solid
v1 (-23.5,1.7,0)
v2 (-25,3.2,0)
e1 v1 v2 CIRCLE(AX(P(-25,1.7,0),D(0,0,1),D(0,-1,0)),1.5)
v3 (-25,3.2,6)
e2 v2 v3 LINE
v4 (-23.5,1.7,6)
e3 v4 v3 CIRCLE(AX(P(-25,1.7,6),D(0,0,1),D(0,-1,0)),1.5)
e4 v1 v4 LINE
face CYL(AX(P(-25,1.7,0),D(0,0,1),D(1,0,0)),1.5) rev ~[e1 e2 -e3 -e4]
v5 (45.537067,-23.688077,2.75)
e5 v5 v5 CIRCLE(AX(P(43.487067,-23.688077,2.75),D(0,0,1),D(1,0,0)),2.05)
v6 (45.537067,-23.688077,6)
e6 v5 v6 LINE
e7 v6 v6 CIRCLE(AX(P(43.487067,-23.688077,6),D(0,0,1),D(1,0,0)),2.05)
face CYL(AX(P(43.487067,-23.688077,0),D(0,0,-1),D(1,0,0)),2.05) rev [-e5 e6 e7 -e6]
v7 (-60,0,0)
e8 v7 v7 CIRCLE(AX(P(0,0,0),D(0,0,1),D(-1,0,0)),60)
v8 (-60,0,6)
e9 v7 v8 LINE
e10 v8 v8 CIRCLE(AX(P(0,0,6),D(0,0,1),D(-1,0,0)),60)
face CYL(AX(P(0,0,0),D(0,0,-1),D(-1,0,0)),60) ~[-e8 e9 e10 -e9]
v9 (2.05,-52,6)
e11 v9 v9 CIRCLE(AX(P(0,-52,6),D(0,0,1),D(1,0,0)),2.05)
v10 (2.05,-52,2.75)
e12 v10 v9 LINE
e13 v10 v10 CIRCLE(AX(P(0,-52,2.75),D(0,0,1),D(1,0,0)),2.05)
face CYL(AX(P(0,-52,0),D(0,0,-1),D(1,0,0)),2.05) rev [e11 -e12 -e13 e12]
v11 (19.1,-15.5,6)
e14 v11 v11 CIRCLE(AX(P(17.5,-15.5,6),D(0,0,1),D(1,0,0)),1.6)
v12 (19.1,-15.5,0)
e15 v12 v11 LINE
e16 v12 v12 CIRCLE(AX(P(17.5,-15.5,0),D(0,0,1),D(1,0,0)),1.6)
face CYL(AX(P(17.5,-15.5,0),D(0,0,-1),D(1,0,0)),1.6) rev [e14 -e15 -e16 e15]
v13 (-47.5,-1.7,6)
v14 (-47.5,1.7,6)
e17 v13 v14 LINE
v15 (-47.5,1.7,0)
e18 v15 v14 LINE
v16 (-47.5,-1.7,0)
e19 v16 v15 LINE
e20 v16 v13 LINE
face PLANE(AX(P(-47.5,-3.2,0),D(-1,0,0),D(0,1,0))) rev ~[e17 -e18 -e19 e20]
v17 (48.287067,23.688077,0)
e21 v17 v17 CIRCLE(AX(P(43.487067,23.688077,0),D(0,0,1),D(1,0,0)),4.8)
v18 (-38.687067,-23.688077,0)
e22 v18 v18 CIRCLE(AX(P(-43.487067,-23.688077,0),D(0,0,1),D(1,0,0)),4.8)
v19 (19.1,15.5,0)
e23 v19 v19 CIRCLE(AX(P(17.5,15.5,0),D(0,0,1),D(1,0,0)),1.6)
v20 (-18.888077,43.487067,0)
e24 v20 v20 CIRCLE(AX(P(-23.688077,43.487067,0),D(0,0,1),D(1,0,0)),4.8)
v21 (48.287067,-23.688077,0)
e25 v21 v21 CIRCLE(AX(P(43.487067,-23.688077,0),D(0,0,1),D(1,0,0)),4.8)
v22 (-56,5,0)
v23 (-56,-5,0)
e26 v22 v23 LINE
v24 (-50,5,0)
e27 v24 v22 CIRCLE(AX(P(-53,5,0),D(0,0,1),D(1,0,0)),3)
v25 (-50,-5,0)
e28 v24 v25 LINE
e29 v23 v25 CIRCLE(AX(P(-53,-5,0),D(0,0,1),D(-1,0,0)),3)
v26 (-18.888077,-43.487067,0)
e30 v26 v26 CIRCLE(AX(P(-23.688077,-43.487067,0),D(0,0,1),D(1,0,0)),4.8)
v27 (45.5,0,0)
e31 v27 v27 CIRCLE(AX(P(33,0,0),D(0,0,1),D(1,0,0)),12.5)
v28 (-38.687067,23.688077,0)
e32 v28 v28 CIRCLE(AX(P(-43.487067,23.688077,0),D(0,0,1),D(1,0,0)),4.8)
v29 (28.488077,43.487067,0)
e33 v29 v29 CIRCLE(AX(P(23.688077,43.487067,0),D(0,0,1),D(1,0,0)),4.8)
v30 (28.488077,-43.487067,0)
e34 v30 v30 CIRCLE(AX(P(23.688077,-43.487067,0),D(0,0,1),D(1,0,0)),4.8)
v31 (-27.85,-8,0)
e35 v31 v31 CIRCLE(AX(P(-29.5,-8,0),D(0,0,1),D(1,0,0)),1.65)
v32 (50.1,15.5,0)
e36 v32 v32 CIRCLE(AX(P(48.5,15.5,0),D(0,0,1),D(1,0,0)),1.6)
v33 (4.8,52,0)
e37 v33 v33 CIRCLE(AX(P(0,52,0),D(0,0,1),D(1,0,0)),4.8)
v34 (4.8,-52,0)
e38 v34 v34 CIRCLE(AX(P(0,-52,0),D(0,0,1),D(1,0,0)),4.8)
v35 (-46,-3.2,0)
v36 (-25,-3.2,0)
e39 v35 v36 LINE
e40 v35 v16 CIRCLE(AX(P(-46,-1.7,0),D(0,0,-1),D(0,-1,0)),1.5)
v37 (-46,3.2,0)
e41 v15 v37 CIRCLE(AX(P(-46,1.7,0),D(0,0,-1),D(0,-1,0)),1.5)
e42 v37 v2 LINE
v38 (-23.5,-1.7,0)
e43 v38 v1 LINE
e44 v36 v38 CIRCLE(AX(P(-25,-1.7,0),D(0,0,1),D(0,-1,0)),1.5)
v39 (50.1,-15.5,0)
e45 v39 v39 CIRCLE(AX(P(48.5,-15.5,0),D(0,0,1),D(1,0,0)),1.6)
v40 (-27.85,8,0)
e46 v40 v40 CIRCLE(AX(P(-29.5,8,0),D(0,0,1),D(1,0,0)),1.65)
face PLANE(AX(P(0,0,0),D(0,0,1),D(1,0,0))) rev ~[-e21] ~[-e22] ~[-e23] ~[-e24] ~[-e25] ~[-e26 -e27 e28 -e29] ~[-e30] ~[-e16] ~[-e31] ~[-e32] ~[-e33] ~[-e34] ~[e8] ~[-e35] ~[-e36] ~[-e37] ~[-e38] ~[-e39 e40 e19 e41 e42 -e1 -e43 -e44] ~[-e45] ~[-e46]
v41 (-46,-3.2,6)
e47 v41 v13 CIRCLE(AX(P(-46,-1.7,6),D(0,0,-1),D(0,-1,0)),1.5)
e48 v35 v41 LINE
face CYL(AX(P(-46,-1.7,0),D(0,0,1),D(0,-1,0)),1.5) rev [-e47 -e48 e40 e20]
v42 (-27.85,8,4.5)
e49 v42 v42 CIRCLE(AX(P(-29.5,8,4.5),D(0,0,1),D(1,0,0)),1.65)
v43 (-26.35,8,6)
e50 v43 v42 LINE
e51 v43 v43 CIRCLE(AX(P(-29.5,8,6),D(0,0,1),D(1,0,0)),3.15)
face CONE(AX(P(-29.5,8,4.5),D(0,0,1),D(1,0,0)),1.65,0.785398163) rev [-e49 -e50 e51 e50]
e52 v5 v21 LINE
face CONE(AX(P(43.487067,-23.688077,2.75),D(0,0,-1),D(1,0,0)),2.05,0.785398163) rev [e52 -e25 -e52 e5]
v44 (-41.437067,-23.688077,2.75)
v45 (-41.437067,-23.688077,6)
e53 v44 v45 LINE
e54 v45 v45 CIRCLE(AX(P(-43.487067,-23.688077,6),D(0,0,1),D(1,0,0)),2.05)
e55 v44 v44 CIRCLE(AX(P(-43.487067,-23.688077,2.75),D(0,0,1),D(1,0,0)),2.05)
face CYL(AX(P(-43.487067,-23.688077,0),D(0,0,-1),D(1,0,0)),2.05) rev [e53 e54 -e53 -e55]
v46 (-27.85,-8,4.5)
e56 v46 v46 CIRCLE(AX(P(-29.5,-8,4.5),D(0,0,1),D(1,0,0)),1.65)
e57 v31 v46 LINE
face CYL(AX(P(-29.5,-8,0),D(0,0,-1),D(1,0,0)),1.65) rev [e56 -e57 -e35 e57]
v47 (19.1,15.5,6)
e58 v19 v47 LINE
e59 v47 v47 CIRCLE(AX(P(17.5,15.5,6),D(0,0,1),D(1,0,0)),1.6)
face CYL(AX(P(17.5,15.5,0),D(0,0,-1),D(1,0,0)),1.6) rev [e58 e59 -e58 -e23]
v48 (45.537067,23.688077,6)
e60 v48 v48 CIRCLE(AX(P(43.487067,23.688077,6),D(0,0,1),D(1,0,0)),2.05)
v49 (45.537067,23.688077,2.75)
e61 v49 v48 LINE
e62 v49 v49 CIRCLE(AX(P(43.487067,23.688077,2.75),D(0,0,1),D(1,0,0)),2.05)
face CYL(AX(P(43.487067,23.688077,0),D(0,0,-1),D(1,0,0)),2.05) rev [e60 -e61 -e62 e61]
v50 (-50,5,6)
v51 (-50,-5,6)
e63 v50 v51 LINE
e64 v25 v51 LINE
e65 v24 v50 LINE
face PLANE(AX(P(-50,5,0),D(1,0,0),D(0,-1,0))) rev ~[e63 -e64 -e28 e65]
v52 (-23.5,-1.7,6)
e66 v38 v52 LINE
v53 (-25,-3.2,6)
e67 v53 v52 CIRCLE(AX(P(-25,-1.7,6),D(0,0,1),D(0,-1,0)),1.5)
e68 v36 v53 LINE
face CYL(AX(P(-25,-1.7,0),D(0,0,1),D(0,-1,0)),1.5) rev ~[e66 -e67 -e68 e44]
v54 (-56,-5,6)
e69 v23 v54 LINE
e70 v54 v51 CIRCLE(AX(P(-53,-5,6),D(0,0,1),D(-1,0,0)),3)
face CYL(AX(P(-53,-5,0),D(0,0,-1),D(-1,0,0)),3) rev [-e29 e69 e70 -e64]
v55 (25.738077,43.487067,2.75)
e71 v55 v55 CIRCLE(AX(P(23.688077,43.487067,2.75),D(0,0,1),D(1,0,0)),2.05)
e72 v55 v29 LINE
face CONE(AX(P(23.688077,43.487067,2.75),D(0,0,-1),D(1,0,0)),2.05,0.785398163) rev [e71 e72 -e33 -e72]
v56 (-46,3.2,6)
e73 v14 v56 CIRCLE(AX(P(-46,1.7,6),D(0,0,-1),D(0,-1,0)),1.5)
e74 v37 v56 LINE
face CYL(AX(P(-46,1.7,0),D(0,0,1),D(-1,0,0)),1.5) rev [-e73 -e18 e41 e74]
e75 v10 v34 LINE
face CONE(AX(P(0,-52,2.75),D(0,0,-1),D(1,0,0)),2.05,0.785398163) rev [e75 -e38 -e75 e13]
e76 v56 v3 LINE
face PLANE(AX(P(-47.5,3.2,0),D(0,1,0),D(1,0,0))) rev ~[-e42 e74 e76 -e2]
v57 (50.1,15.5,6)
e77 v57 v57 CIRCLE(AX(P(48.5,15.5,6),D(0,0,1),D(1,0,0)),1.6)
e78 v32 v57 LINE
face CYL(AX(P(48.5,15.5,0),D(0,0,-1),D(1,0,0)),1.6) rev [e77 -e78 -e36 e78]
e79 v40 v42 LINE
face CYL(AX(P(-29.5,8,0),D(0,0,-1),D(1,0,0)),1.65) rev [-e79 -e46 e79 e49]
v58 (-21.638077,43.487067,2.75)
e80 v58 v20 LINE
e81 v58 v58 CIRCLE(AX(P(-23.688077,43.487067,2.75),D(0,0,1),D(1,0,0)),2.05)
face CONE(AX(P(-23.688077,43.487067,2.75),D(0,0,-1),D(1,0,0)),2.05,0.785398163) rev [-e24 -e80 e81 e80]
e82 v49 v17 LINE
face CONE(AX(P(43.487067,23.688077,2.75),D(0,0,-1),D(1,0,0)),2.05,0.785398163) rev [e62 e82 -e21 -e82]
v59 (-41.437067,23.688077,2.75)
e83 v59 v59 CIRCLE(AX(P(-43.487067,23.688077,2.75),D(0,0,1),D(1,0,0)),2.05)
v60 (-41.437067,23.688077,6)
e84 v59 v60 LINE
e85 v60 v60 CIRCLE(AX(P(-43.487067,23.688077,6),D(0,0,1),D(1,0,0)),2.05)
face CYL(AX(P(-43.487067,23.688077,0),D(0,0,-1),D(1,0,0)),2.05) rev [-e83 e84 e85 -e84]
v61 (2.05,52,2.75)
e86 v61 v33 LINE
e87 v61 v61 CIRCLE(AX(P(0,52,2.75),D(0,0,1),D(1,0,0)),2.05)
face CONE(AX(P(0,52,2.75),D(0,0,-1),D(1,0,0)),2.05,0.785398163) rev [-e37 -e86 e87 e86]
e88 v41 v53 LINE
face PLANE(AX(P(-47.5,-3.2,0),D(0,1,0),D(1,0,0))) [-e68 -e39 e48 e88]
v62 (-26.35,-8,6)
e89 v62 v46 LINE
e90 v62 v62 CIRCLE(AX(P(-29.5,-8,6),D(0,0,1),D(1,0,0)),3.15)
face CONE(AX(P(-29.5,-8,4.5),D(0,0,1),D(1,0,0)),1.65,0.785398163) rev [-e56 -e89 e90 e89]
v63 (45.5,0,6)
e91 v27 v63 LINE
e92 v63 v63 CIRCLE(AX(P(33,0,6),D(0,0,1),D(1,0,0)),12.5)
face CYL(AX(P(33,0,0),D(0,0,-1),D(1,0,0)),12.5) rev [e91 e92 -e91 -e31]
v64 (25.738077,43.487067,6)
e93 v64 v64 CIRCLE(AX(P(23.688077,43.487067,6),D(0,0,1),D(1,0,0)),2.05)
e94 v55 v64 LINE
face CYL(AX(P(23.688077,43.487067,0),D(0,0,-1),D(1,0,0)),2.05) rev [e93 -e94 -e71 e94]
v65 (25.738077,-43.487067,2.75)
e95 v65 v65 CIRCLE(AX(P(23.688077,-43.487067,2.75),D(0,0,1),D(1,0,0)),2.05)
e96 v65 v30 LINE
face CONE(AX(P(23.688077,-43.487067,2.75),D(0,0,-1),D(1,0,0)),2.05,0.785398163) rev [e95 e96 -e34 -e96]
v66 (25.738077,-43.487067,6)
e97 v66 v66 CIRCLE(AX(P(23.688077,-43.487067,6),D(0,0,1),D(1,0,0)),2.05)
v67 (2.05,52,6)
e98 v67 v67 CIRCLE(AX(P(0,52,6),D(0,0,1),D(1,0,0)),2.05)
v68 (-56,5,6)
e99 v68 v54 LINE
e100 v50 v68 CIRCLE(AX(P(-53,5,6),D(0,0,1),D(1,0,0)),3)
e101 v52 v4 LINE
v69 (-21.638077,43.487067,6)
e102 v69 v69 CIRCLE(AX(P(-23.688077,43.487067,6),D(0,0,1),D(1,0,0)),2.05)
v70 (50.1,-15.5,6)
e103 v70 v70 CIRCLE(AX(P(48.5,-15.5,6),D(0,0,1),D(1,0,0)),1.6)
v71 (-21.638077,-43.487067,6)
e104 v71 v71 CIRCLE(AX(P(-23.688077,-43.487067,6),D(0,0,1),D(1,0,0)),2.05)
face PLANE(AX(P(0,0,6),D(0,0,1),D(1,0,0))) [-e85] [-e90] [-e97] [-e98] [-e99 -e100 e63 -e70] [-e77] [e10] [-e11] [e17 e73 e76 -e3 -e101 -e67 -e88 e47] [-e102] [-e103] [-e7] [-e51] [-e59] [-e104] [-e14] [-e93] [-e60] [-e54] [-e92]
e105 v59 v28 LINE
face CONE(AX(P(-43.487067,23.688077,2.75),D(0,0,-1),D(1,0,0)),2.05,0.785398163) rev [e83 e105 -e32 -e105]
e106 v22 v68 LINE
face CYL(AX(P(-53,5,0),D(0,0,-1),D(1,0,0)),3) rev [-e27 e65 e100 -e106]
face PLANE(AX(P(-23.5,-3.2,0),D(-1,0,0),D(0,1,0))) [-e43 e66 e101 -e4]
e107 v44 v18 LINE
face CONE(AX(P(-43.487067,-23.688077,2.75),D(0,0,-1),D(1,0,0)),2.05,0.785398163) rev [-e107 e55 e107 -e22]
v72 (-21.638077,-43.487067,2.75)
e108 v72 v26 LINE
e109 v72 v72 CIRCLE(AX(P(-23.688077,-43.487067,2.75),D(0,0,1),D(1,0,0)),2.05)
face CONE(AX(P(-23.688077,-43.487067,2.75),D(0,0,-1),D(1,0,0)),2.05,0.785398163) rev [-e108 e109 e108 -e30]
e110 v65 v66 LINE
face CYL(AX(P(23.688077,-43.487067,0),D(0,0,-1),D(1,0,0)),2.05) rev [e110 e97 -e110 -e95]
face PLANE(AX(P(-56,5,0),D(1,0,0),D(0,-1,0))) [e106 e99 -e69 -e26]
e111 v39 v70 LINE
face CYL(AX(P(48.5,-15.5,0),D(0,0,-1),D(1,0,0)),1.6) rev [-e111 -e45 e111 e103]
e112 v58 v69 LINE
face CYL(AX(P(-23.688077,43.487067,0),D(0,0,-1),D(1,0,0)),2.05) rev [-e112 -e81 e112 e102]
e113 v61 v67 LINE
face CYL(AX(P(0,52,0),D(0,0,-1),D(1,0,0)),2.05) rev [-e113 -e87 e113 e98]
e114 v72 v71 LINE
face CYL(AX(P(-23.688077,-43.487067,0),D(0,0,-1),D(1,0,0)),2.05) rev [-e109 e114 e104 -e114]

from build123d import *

# Parameters (mm, degrees)
SKETCH_R        = 1.65
SKETCH_W        = 24
SKETCH_H        = 6.4
PAD_DEPTH       = 6
CHAMFER_SIZE    = 2.75
CHAMFER001_SIZE = 1.5
FILLET_R        = 1.5


with BuildPart() as part:
    # Sketch → Pad (new body)
    with BuildSketch(Plane.XY):
        with BuildLine():
            ThreePointArc((60, 0), (0, 60), (-60, 0))
            ThreePointArc((-60, 0), (0, -60), (60, 0))
        make_face()
        with Locations((-29.5, 8)):
            Circle(SKETCH_R, mode=Mode.SUBTRACT)
        with Locations((-29.5, -8)):
            Circle(SKETCH_R, mode=Mode.SUBTRACT)
        with BuildLine():
            ThreePointArc((-2.05, -52), (0, -54.05), (2.05, -52))
            ThreePointArc((2.05, -52), (0, -49.95), (-2.05, -52))
        make_face(mode=Mode.SUBTRACT)
        with BuildLine():
            ThreePointArc((21.638077, -43.487067), (23.688077, -45.537067), (25.738077, -43.487067))
            ThreePointArc((25.738077, -43.487067), (23.688077, -41.437067), (21.638077, -43.487067))
        make_face(mode=Mode.SUBTRACT)
        with BuildLine():
            ThreePointArc((41.437067, -23.688077), (43.487067, -25.738077), (45.537067, -23.688077))
            ThreePointArc((45.537067, -23.688077), (43.487067, -21.638077), (41.437067, -23.688077))
        make_face(mode=Mode.SUBTRACT)
        with BuildLine():
            ThreePointArc((41.437067, 23.688077), (43.487067, 21.638077), (45.537067, 23.688077))
            ThreePointArc((45.537067, 23.688077), (43.487067, 25.738077), (41.437067, 23.688077))
        make_face(mode=Mode.SUBTRACT)
        with BuildLine():
            ThreePointArc((21.638077, 43.487067), (23.688077, 41.437067), (25.738077, 43.487067))
            ThreePointArc((25.738077, 43.487067), (23.688077, 45.537067), (21.638077, 43.487067))
        make_face(mode=Mode.SUBTRACT)
        with BuildLine():
            ThreePointArc((-2.05, 52), (0, 49.95), (2.05, 52))
            ThreePointArc((2.05, 52), (0, 54.05), (-2.05, 52))
        make_face(mode=Mode.SUBTRACT)
        with BuildLine():
            ThreePointArc((-25.738077, 43.487067), (-23.688077, 41.437067), (-21.638077, 43.487067))
            ThreePointArc((-21.638077, 43.487067), (-23.688077, 45.537067), (-25.738077, 43.487067))
        make_face(mode=Mode.SUBTRACT)
        with BuildLine():
            ThreePointArc((-45.537067, 23.688077), (-43.487067, 21.638077), (-41.437067, 23.688077))
            ThreePointArc((-41.437067, 23.688077), (-43.487067, 25.738077), (-45.537067, 23.688077))
        make_face(mode=Mode.SUBTRACT)
        with BuildLine():
            ThreePointArc((-45.537067, -23.688077), (-43.487067, -25.738077), (-41.437067, -23.688077))
            ThreePointArc((-41.437067, -23.688077), (-43.487067, -21.638077), (-45.537067, -23.688077))
        make_face(mode=Mode.SUBTRACT)
        with BuildLine():
            ThreePointArc((-25.738077, -43.487067), (-23.688077, -45.537067), (-21.638077, -43.487067))
            ThreePointArc((-21.638077, -43.487067), (-23.688077, -41.437067), (-25.738077, -43.487067))
        make_face(mode=Mode.SUBTRACT)
        with BuildLine():
            ThreePointArc((15.9, -15.5), (17.5, -17.1), (19.1, -15.5))
            ThreePointArc((19.1, -15.5), (17.5, -13.9), (15.9, -15.5))
        make_face(mode=Mode.SUBTRACT)
        with BuildLine():
            ThreePointArc((15.9, 15.5), (17.5, 13.9), (19.1, 15.5))
            ThreePointArc((19.1, 15.5), (17.5, 17.1), (15.9, 15.5))
        make_face(mode=Mode.SUBTRACT)
        with BuildLine():
            ThreePointArc((46.9, 15.5), (48.5, 13.9), (50.1, 15.5))
            ThreePointArc((50.1, 15.5), (48.5, 17.1), (46.9, 15.5))
        make_face(mode=Mode.SUBTRACT)
        with BuildLine():
            ThreePointArc((46.9, -15.5), (48.5, -17.1), (50.1, -15.5))
            ThreePointArc((50.1, -15.5), (48.5, -13.9), (46.9, -15.5))
        make_face(mode=Mode.SUBTRACT)
        with BuildLine():
            ThreePointArc((20.5, 0), (33, -12.5), (45.5, 0))
            ThreePointArc((45.5, 0), (33, 12.5), (20.5, 0))
        make_face(mode=Mode.SUBTRACT)
        with Locations((-35.5, 0)):
            Rectangle(SKETCH_W, SKETCH_H, mode=Mode.SUBTRACT)
        with BuildLine():
            ThreePointArc((-50, 5), (-53, 8), (-56, 5))
            Line((-56, 5), (-56, -5))
            ThreePointArc((-56, -5), (-53, -8), (-50, -5))
            Line((-50, 5), (-50, -5))
        make_face(mode=Mode.SUBTRACT)
    extrude(amount=PAD_DEPTH)

    # Chamfer
    chamfer_edges = [part.edges().sort_by_distance(p)[0] for p in [
        (43.487067, -25.738077, 0),
        (-43.487067, 21.638077, 0),
        (43.487067, 21.638077, 0),
        (0, 49.95, 0),
        (0, -54.05, 0),
        (23.688077, 41.437067, 0),
        (-43.487067, -25.738077, 0),
        (-23.688077, 41.437067, 0),
        (-23.688077, -45.537067, 0),
        (23.688077, -45.537067, 0),
    ]]
    chamfer(chamfer_edges, length=CHAMFER_SIZE)

    # Chamfer001
    chamfer001_edges = [part.edges().sort_by_distance(p)[0] for p in [
        (-31.15, -8, 6),
        (-31.15, 8, 6),
    ]]
    chamfer(chamfer001_edges, length=CHAMFER001_SIZE)

    # Fillet
    fillet_edges = [part.edges().sort_by_distance(p)[0] for p in [
        (-23.5, 3.2, 3),
        (-23.5, -3.2, 3),
        (-47.5, 3.2, 3),
        (-47.5, -3.2, 3),
    ]]
    fillet(fillet_edges, radius=FILLET_R)


solid = part.part
